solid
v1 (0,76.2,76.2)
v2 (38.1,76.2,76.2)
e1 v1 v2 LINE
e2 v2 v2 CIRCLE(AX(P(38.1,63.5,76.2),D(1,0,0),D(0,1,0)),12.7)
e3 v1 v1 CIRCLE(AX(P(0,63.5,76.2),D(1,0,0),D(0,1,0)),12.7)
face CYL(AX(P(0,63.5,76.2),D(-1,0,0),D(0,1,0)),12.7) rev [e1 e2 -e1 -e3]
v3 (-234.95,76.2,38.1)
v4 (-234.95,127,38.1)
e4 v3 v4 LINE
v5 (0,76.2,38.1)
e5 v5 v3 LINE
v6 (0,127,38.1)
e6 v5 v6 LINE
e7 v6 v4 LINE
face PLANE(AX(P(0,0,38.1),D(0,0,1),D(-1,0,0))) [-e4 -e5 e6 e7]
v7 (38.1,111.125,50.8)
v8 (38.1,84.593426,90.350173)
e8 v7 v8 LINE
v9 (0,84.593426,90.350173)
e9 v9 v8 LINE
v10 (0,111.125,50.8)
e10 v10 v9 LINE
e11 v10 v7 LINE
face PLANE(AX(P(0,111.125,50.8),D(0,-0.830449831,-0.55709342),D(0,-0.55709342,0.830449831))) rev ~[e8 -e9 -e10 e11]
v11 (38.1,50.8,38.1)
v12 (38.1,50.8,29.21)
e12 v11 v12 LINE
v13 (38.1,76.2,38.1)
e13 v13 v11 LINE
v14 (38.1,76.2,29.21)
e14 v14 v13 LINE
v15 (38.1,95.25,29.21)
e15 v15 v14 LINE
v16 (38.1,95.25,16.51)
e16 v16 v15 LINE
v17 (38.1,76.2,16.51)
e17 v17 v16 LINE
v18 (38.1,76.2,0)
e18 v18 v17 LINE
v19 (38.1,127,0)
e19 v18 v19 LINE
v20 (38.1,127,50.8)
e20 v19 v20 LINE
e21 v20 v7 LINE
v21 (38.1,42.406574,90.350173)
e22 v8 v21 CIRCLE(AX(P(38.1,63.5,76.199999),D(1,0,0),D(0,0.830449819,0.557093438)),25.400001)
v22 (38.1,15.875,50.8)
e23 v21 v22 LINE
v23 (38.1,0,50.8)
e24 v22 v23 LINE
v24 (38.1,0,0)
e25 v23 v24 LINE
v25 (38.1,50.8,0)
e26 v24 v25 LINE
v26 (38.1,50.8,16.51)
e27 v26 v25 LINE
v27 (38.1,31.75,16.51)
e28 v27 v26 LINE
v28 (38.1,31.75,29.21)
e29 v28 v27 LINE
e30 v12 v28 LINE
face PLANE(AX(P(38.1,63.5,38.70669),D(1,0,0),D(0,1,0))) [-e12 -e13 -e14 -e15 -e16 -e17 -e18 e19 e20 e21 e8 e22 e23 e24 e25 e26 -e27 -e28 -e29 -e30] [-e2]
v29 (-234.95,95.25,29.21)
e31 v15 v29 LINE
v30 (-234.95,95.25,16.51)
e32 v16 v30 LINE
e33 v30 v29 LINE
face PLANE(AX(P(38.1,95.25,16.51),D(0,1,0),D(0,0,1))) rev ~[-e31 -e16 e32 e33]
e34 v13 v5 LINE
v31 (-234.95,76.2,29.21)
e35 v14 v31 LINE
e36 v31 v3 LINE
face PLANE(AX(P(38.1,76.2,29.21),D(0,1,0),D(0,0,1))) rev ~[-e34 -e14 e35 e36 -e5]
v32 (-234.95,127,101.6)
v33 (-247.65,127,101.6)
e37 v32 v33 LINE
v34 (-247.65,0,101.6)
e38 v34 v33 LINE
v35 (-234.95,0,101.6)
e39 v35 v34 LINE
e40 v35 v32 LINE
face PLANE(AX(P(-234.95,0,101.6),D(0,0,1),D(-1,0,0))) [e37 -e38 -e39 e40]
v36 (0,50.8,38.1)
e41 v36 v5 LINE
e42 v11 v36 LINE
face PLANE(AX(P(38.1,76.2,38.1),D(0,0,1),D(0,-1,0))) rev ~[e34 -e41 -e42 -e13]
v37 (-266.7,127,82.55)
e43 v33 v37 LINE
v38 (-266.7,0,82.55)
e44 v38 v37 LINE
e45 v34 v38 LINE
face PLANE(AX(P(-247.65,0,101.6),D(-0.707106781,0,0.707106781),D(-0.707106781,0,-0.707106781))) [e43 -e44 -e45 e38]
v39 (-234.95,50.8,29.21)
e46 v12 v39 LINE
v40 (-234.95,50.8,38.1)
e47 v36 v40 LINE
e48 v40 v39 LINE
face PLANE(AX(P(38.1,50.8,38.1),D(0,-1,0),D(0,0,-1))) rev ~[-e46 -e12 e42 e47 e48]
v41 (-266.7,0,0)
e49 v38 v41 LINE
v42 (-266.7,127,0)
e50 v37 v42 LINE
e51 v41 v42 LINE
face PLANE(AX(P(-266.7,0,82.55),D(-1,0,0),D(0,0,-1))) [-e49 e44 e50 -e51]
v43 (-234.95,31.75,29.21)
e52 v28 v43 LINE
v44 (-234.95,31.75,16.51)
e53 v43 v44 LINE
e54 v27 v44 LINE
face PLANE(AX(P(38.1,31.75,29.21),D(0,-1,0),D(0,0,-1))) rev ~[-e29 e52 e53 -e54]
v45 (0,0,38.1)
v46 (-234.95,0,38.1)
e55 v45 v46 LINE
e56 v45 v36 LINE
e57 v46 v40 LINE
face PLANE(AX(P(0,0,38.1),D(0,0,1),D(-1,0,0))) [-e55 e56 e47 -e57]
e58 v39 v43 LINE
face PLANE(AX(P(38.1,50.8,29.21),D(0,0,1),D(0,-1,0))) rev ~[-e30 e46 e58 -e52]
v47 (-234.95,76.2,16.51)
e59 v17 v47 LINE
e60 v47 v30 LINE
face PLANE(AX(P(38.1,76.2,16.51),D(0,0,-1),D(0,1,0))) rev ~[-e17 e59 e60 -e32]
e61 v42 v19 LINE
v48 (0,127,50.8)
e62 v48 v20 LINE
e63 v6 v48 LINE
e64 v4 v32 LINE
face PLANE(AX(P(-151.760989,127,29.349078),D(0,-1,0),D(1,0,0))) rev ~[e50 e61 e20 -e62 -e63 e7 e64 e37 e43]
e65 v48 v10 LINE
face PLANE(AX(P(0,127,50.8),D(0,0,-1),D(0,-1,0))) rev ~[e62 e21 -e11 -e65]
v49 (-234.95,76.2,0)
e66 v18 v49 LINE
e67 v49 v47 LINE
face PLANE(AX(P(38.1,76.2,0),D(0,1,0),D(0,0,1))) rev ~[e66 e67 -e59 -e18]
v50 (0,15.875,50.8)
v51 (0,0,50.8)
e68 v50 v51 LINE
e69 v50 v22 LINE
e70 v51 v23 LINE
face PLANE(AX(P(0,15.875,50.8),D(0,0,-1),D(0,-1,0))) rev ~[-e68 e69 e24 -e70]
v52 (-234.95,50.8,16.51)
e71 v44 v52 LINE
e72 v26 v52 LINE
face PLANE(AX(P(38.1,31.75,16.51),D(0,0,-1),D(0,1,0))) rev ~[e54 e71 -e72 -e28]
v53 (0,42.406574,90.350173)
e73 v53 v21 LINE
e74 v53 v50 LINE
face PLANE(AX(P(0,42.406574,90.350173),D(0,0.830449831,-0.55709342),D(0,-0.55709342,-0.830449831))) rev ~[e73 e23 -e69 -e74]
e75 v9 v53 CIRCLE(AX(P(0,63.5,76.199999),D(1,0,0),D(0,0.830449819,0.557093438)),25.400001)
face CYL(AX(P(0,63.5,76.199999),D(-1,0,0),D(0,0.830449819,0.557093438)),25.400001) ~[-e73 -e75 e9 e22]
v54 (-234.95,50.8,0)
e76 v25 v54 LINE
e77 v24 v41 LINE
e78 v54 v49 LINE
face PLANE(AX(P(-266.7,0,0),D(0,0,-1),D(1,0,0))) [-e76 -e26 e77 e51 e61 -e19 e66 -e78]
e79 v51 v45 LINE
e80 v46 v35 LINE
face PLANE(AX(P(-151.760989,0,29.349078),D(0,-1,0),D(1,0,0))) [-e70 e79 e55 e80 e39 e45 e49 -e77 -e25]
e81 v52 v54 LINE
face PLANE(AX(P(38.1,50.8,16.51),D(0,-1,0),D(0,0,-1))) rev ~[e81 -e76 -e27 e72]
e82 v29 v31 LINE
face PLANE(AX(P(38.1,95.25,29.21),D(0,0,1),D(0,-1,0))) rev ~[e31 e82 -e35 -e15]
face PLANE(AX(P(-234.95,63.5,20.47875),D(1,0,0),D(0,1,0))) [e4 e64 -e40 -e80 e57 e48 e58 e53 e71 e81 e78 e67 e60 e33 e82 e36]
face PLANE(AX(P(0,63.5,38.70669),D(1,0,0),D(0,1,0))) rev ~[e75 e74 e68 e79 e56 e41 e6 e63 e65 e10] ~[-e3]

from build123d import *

# Parameters (mm, degrees)
F0_R     = 12.7
F1_DEPTH = 38.1
F3_DEPTH = 127
F5_DEPTH = 273.05


with BuildPart() as f1:
    # F0 (on Right) → F1 (new body)
    with BuildSketch(Plane.YZ):
        with BuildLine():
            Line((0, 50.8), (0, 0))
            Line((0, 0), (127, 0))
            Line((127, 0), (127, 50.8))
            Line((127, 50.8), (111.125, 50.8))
            Line((111.125, 50.8), (84.593426, 90.350173))
            ThreePointArc((84.593426, 90.350173), (63.5, 101.6), (42.406574, 90.350173))
            Line((42.406574, 90.350173), (15.875, 50.8))
            Line((15.875, 50.8), (0, 50.8))
        make_face()
        with Locations((63.5, 76.2)):
            Circle(F0_R, mode=Mode.SUBTRACT)
    extrude(amount=F1_DEPTH)

    # F2 (on Front) → F3 (join)
    with BuildSketch(Plane.XZ):
        Polygon((-266.7, 0), (0, 0), (0, 38.1), (-234.95, 38.1), (-234.95, 101.6), (-247.65, 101.6), (-266.7, 82.55), (-266.7, 38.1), align=None)
    extrude(amount=-F3_DEPTH)

    # F4 (on face) → F5 (cut)
    with BuildSketch(Plane.YZ.offset(38.1)):
        Polygon((50.8, 16.51), (50.8, 0), (76.2, 0), (76.2, 16.51), (95.25, 16.51), (95.25, 29.21), (76.2, 29.21), (76.2, 38.1), (50.8, 38.1), (50.8, 29.21), (31.75, 29.21), (31.75, 16.51), align=None)
    extrude(amount=-F5_DEPTH, mode=Mode.SUBTRACT)


solid = f1.part
